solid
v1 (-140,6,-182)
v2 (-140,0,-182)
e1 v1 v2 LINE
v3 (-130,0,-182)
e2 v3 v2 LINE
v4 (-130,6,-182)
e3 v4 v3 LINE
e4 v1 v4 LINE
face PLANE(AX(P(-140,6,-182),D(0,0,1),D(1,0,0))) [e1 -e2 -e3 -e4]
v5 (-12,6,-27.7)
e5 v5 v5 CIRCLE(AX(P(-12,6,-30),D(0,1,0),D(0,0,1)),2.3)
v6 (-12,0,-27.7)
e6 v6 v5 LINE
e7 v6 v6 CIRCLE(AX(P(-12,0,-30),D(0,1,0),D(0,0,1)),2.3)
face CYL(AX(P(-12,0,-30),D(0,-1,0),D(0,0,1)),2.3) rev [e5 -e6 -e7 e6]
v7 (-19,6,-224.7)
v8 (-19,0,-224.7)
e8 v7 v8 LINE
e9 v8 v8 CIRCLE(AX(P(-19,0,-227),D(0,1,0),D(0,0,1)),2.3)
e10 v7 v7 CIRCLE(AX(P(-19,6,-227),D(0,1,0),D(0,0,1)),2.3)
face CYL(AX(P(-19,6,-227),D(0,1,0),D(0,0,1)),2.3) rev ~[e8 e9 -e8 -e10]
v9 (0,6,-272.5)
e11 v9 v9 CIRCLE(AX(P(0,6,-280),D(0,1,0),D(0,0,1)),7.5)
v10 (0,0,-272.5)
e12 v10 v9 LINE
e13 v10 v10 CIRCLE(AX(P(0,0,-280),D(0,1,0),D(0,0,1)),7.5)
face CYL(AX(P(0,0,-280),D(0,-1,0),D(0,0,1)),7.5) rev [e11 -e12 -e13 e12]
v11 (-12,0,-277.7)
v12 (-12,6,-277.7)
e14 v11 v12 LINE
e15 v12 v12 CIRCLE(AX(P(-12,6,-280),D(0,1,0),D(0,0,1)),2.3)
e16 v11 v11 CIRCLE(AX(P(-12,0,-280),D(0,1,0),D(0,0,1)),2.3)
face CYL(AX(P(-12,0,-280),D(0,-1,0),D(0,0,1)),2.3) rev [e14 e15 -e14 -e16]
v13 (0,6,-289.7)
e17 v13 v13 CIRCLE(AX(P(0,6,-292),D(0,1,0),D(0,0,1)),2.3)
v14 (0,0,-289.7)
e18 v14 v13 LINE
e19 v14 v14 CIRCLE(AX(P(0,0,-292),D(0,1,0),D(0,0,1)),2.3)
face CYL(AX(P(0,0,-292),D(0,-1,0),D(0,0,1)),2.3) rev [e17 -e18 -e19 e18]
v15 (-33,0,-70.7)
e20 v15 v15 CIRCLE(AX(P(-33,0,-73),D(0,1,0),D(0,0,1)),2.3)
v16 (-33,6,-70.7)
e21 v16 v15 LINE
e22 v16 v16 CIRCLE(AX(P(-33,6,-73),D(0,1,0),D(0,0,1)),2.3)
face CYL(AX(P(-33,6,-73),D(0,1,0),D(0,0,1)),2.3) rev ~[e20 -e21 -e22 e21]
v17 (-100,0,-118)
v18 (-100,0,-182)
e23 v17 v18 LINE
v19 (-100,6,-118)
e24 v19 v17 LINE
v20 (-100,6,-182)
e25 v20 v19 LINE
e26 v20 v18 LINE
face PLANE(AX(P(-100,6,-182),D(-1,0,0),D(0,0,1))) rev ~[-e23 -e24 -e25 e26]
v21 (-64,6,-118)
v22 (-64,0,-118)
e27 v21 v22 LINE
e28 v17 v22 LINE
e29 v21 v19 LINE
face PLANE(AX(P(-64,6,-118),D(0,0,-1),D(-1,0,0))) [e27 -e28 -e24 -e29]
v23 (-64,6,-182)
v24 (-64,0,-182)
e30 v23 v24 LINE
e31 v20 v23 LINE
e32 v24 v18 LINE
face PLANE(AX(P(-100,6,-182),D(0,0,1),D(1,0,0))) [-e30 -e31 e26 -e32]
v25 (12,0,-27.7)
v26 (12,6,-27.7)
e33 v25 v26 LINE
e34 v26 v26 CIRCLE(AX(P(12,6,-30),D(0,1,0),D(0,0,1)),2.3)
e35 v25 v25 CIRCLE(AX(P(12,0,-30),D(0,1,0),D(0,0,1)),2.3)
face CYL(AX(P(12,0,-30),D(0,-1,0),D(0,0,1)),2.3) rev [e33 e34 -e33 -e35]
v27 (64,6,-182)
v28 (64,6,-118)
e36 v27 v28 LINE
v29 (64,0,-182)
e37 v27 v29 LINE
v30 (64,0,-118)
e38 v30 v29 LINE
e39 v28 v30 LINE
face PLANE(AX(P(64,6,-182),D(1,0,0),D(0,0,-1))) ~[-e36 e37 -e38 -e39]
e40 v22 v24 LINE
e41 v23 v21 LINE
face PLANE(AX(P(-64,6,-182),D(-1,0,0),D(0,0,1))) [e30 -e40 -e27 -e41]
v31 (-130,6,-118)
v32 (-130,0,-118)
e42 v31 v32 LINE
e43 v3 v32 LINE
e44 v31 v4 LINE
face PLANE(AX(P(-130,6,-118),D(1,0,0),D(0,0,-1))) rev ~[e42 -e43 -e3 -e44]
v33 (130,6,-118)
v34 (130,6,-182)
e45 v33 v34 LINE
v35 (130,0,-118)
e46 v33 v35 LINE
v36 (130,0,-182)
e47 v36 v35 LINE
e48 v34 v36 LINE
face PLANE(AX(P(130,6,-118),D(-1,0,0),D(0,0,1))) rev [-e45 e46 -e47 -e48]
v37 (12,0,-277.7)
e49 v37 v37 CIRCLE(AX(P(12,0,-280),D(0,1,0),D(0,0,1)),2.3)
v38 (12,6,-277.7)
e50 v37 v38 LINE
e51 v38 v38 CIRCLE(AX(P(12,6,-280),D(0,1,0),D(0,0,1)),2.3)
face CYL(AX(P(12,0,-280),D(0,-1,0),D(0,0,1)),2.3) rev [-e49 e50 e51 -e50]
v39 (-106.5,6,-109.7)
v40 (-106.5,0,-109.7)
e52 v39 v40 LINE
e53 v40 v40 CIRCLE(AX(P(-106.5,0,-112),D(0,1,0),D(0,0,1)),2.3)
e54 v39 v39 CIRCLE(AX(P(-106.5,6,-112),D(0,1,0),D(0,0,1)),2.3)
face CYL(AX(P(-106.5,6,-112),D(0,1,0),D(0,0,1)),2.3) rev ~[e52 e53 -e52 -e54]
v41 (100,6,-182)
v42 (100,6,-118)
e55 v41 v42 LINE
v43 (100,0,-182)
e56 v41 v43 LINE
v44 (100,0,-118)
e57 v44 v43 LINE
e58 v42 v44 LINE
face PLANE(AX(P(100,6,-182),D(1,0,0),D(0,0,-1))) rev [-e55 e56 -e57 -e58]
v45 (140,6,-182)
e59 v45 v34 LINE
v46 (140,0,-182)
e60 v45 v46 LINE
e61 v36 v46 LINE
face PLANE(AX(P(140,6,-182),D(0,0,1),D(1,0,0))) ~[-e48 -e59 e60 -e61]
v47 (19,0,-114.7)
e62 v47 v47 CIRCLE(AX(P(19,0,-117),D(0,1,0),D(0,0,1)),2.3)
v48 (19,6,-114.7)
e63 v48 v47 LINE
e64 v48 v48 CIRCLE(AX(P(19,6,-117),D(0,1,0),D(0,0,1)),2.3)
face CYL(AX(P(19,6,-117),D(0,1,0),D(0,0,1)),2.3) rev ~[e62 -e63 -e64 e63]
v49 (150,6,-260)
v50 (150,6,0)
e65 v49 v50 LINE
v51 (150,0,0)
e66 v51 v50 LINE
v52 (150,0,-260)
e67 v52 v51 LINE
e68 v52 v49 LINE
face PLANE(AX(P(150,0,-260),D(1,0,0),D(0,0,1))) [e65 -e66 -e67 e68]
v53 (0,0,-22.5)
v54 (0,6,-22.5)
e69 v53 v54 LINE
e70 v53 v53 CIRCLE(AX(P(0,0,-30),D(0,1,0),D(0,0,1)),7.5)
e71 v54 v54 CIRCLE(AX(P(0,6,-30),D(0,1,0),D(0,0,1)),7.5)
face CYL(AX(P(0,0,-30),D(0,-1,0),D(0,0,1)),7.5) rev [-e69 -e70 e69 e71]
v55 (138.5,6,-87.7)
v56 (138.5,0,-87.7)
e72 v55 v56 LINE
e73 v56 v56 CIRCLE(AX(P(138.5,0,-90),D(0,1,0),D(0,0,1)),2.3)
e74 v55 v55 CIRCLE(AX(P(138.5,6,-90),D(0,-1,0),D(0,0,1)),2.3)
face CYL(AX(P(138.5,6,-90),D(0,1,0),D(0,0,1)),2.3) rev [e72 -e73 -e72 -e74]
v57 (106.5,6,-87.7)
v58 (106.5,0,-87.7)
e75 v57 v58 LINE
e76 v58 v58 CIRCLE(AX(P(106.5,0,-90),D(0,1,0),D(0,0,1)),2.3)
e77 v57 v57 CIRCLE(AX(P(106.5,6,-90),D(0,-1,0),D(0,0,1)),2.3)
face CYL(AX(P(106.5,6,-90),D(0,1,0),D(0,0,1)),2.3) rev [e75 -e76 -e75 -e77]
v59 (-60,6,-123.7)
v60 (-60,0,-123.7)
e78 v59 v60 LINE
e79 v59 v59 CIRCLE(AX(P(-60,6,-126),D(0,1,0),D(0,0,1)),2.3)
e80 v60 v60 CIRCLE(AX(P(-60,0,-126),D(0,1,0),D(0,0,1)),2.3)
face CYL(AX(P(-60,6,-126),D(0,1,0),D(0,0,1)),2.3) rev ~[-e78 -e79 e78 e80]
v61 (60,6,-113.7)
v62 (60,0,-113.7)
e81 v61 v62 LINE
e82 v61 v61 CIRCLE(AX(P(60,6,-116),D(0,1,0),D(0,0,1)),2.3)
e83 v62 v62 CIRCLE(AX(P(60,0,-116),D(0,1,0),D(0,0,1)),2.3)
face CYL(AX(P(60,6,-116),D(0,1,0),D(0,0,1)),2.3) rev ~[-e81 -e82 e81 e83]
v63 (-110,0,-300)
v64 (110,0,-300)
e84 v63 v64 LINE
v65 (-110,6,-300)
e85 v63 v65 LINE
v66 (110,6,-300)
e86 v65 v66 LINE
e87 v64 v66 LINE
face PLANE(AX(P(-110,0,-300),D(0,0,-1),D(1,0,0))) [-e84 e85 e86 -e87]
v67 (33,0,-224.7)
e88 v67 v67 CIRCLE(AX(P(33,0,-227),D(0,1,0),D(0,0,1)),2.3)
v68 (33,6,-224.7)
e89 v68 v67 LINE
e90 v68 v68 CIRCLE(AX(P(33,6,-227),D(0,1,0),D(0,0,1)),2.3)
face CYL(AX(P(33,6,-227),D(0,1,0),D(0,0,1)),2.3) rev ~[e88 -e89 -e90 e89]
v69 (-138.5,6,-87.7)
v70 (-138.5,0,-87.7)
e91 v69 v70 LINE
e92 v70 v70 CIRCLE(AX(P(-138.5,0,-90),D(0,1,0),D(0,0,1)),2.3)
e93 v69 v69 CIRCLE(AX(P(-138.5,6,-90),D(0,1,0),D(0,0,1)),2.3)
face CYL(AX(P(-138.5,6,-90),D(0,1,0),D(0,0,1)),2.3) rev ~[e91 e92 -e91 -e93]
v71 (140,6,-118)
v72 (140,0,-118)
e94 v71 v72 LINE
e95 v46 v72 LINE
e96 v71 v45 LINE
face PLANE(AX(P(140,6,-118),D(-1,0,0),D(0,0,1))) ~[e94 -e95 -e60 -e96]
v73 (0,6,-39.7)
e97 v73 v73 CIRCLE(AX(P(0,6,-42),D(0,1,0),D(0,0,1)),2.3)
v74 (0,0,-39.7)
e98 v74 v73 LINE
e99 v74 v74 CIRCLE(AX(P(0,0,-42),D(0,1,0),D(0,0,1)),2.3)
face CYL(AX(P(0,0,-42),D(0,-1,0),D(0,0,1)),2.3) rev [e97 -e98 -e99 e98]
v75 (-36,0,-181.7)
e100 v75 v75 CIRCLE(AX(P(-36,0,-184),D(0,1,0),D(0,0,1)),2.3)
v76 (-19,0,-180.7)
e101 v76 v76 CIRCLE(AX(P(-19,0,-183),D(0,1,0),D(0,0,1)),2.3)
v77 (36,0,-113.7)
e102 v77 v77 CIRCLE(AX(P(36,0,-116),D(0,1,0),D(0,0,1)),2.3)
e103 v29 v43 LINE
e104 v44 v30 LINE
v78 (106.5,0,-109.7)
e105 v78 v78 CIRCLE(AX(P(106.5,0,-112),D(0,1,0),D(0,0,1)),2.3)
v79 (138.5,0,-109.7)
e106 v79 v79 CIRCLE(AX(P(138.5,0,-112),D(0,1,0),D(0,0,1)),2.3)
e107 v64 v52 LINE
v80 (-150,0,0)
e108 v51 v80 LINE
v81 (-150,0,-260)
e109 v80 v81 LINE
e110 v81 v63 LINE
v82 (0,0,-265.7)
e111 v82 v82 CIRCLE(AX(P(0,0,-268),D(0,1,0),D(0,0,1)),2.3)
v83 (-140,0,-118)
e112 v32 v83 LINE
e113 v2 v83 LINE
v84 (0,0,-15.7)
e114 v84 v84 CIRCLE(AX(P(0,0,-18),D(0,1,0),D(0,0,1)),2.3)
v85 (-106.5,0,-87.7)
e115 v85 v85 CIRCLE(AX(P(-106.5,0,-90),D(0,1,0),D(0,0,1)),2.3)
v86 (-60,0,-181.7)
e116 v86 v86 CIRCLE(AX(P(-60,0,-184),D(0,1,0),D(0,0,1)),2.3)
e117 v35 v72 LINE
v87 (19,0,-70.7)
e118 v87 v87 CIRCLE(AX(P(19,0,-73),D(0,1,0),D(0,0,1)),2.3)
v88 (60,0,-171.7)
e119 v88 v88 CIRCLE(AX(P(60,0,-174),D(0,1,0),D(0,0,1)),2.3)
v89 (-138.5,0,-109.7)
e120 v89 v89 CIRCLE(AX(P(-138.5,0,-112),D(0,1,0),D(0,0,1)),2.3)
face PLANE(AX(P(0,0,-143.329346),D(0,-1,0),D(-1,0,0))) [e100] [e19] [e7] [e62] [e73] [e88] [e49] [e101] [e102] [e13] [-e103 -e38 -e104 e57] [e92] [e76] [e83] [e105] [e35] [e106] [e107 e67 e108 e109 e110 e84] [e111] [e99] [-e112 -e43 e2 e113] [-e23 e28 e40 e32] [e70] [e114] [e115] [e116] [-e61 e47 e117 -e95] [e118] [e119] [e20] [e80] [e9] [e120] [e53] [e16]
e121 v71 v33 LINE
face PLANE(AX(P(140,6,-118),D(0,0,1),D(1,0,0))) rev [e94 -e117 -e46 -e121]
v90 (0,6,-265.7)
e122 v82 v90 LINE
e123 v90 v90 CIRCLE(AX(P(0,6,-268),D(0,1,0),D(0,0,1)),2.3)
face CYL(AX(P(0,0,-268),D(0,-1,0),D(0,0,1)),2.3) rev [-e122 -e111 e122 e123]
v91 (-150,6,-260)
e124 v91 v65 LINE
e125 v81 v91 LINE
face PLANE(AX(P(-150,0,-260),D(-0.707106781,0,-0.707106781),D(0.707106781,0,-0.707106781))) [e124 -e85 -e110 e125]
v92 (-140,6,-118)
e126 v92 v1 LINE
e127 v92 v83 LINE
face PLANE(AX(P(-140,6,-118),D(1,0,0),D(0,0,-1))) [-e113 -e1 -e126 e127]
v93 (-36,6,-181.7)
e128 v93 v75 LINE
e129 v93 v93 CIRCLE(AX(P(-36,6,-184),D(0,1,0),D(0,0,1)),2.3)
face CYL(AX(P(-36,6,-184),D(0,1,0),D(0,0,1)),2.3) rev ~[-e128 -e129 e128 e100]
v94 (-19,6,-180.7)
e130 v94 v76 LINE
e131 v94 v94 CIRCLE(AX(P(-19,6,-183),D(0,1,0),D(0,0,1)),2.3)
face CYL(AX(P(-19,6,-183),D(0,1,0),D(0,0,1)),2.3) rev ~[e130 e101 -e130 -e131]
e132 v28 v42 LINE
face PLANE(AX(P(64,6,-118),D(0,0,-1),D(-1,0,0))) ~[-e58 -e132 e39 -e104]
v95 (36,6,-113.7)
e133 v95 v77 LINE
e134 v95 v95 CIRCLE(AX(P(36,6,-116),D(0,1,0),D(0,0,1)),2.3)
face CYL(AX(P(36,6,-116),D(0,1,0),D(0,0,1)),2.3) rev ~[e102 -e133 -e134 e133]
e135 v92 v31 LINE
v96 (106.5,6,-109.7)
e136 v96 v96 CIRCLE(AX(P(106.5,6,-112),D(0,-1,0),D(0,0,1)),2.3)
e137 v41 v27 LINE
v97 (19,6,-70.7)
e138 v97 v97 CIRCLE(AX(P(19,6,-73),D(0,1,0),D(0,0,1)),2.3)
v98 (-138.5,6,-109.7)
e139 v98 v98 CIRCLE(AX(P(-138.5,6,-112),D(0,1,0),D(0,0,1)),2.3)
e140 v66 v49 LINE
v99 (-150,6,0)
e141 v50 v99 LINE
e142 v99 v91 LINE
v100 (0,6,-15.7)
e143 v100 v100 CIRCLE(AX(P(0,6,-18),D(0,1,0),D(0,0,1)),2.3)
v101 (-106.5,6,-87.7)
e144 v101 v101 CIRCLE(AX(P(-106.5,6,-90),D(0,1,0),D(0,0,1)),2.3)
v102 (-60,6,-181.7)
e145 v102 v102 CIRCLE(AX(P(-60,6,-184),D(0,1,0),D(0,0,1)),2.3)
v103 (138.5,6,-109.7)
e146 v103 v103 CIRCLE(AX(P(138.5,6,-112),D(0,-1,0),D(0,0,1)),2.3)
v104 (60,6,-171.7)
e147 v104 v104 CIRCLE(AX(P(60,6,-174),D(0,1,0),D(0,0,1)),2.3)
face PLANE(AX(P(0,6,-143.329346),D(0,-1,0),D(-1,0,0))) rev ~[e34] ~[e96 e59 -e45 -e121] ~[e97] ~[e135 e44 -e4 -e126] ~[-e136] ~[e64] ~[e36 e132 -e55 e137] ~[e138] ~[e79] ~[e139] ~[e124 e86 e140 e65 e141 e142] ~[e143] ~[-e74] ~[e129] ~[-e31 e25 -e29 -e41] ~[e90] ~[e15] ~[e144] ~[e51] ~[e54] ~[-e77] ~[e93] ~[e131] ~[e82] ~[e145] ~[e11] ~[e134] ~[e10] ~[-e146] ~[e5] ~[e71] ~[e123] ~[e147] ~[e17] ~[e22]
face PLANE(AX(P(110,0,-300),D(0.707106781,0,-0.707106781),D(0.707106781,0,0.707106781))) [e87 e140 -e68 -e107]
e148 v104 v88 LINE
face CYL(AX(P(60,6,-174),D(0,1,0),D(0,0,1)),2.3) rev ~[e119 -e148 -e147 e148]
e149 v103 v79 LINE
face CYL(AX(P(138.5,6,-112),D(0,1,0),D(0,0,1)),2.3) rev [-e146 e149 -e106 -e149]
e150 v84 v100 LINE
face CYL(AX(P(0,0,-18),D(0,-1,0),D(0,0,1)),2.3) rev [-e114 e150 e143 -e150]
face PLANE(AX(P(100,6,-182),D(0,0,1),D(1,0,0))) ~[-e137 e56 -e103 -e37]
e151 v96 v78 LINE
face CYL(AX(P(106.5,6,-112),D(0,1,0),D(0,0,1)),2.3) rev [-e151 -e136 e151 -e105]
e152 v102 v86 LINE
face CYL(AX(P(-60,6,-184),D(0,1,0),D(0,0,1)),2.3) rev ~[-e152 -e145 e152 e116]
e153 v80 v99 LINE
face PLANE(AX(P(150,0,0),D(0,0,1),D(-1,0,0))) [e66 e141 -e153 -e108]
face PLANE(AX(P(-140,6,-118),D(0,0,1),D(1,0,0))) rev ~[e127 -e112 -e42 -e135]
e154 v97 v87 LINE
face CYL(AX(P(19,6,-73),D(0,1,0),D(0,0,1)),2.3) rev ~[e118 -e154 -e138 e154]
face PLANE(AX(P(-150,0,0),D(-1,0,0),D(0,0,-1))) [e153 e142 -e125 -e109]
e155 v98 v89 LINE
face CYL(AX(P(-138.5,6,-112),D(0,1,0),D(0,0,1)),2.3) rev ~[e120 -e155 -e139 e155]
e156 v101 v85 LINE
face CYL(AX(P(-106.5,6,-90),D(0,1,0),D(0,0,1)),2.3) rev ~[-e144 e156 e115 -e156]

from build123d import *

# Parameters (mm, degrees)
ESQUISSE1_R              = 7.5
ESQUISSE1_R_2            = 2.3
BOSS_EXTRU_1_DEPTH       = 6
ESQUISSE7_W              = 10
ESQUISSE7_H              = 64
ENL_V_MAT_EXTRU_9_DEPTH  = 10.5
ESQUISSE6_R              = 2.3
ENL_V_MAT_EXTRU_10_DEPTH = 50
ENL_V_MAT_EXTRU_11_DEPTH = 50
ESQUISSE11_R             = 2.3
ENL_V_MAT_EXTRU_15_DEPTH = 10


with BuildPart() as part:
    # Esquisse1 → Boss.-Extru.1 (new body)
    with BuildSketch(Plane(origin=(0, 0, 0), x_dir=(1, 0, 0), z_dir=(0, 1, 0))):
        Polygon((-150, 0), (-150, 260), (-110, 300), (110, 300), (150, 260), (150, 0), align=None)
        with Locations(Location((0, 30, 0), (0, 0, 270))):
            Circle(ESQUISSE1_R, mode=Mode.SUBTRACT)
        with Locations(Location((0, 18, 0), (0, 0, 270))):
            Circle(ESQUISSE1_R_2, mode=Mode.SUBTRACT)
        with Locations(Location((12, 30, 0), (0, 0, 270))):
            Circle(ESQUISSE1_R_2, mode=Mode.SUBTRACT)
        with Locations(Location((0, 42, 0), (0, 0, 270))):
            Circle(ESQUISSE1_R_2, mode=Mode.SUBTRACT)
        with Locations(Location((-12, 30, 0), (0, 0, 270))):
            Circle(ESQUISSE1_R_2, mode=Mode.SUBTRACT)
        with Locations(Location((0, 280, 0), (0, 0, 270))):
            Circle(ESQUISSE1_R, mode=Mode.SUBTRACT)
        with Locations(Location((-12, 280, 0), (0, 0, 270))):
            Circle(ESQUISSE1_R_2, mode=Mode.SUBTRACT)
        with Locations(Location((0, 268, 0), (0, 0, 270))):
            Circle(ESQUISSE1_R_2, mode=Mode.SUBTRACT)
        with Locations(Location((12, 280, 0), (0, 0, 270))):
            Circle(ESQUISSE1_R_2, mode=Mode.SUBTRACT)
        with Locations(Location((0, 292, 0), (0, 0, 270))):
            Circle(ESQUISSE1_R_2, mode=Mode.SUBTRACT)
    extrude(amount=BOSS_EXTRU_1_DEPTH)

    # Esquisse7 → Enlèv. mat.-Extru.9 (cut)
    with BuildSketch(Plane(origin=(0, 6, 0), x_dir=(1, 0, 0), z_dir=(0, 1, 0))):
        with Locations((-135, 150)):
            Rectangle(ESQUISSE7_W, ESQUISSE7_H)
    enl_v_mat_extru_9 = extrude(amount=-ENL_V_MAT_EXTRU_9_DEPTH, mode=Mode.SUBTRACT)

    # Esquisse6 → Enlèv. mat.-Extru.10 (cut)
    with BuildSketch(Plane(origin=(0, 6, 0), x_dir=(1, 0, 0), z_dir=(0, 1, 0))):
        with Locations(Location((-138.5, 90, 0), (0, 0, 270))):
            Circle(ESQUISSE6_R)
        with Locations(Location((-138.5, 112, 0), (0, 0, 270))):
            Circle(ESQUISSE6_R)
        with Locations(Location((-106.5, 112, 0), (0, 0, 270))):
            Circle(ESQUISSE6_R)
        with Locations(Location((-106.5, 90, 0), (0, 0, 270))):
            Circle(ESQUISSE6_R)
    enl_v_mat_extru_10 = extrude(amount=-ENL_V_MAT_EXTRU_10_DEPTH, mode=Mode.SUBTRACT)

    # Esquisse4 → Enlèv. mat.-Extru.11 (cut)
    with BuildSketch(Plane(origin=(0, 6, 0), x_dir=(1, 0, 0), z_dir=(0, 1, 0))):
        Polygon((-100, 150), (-100, 182), (-64, 182), (-64, 118), (-100, 118), align=None)
    enl_v_mat_extru_11 = extrude(amount=-ENL_V_MAT_EXTRU_11_DEPTH, mode=Mode.SUBTRACT)

    # Symétrie1: Enlèv. mat.-Extru.9 across plane
    add(enl_v_mat_extru_9.mirror(Plane(origin=(0, 0, 0), x_dir=(0, 0, 1), z_dir=(1, 0, 0))), mode=Mode.SUBTRACT)

    # Symétrie2: Enlèv. mat.-Extru.11 across plane
    add(enl_v_mat_extru_11.mirror(Plane(origin=(0, 0, 0), x_dir=(0, 0, 1), z_dir=(1, 0, 0))), mode=Mode.SUBTRACT)

    # Symétrie3: Enlèv. mat.-Extru.10 across plane
    add(enl_v_mat_extru_10.mirror(Plane(origin=(0, 0, 0), x_dir=(0, 0, 1), z_dir=(1, 0, 0))), mode=Mode.SUBTRACT)

    # Esquisse11 → Enlèv. mat.-Extru.15 (cut)
    with BuildSketch(Plane(origin=(0, 6, 0), x_dir=(1, 0, 0), z_dir=(0, 1, 0))):
        with Locations(Location((36, 116, 0), (0, 0, 270))):
            Circle(ESQUISSE11_R)
        with Locations(Location((60, 116, 0), (0, 0, 270))):
            Circle(ESQUISSE11_R)
        with Locations(Location((60, 174, 0), (0, 0, 270))):
            Circle(ESQUISSE11_R)
        with Locations(Location((-19, 227, 0), (0, 0, 270))):
            Circle(ESQUISSE11_R)
        with Locations(Location((-19, 183, 0), (0, 0, 270))):
            Circle(ESQUISSE11_R)
        with Locations(Location((33, 227, 0), (0, 0, 270))):
            Circle(ESQUISSE11_R)
        with Locations(Location((19, 117, 0), (0, 0, 270))):
            Circle(ESQUISSE11_R)
        with Locations(Location((19, 73, 0), (0, 0, 270))):
            Circle(ESQUISSE11_R)
        with Locations(Location((-33, 73, 0), (0, 0, 270))):
            Circle(ESQUISSE11_R)
        with Locations(Location((-60, 126, 0), (0, 0, 270))):
            Circle(ESQUISSE11_R)
        with Locations(Location((-36, 184, 0), (0, 0, 270))):
            Circle(ESQUISSE11_R)
        with Locations(Location((-60, 184, 0), (0, 0, 270))):
            Circle(ESQUISSE11_R)
    extrude(amount=-ENL_V_MAT_EXTRU_15_DEPTH, mode=Mode.SUBTRACT)


solid = part.part
